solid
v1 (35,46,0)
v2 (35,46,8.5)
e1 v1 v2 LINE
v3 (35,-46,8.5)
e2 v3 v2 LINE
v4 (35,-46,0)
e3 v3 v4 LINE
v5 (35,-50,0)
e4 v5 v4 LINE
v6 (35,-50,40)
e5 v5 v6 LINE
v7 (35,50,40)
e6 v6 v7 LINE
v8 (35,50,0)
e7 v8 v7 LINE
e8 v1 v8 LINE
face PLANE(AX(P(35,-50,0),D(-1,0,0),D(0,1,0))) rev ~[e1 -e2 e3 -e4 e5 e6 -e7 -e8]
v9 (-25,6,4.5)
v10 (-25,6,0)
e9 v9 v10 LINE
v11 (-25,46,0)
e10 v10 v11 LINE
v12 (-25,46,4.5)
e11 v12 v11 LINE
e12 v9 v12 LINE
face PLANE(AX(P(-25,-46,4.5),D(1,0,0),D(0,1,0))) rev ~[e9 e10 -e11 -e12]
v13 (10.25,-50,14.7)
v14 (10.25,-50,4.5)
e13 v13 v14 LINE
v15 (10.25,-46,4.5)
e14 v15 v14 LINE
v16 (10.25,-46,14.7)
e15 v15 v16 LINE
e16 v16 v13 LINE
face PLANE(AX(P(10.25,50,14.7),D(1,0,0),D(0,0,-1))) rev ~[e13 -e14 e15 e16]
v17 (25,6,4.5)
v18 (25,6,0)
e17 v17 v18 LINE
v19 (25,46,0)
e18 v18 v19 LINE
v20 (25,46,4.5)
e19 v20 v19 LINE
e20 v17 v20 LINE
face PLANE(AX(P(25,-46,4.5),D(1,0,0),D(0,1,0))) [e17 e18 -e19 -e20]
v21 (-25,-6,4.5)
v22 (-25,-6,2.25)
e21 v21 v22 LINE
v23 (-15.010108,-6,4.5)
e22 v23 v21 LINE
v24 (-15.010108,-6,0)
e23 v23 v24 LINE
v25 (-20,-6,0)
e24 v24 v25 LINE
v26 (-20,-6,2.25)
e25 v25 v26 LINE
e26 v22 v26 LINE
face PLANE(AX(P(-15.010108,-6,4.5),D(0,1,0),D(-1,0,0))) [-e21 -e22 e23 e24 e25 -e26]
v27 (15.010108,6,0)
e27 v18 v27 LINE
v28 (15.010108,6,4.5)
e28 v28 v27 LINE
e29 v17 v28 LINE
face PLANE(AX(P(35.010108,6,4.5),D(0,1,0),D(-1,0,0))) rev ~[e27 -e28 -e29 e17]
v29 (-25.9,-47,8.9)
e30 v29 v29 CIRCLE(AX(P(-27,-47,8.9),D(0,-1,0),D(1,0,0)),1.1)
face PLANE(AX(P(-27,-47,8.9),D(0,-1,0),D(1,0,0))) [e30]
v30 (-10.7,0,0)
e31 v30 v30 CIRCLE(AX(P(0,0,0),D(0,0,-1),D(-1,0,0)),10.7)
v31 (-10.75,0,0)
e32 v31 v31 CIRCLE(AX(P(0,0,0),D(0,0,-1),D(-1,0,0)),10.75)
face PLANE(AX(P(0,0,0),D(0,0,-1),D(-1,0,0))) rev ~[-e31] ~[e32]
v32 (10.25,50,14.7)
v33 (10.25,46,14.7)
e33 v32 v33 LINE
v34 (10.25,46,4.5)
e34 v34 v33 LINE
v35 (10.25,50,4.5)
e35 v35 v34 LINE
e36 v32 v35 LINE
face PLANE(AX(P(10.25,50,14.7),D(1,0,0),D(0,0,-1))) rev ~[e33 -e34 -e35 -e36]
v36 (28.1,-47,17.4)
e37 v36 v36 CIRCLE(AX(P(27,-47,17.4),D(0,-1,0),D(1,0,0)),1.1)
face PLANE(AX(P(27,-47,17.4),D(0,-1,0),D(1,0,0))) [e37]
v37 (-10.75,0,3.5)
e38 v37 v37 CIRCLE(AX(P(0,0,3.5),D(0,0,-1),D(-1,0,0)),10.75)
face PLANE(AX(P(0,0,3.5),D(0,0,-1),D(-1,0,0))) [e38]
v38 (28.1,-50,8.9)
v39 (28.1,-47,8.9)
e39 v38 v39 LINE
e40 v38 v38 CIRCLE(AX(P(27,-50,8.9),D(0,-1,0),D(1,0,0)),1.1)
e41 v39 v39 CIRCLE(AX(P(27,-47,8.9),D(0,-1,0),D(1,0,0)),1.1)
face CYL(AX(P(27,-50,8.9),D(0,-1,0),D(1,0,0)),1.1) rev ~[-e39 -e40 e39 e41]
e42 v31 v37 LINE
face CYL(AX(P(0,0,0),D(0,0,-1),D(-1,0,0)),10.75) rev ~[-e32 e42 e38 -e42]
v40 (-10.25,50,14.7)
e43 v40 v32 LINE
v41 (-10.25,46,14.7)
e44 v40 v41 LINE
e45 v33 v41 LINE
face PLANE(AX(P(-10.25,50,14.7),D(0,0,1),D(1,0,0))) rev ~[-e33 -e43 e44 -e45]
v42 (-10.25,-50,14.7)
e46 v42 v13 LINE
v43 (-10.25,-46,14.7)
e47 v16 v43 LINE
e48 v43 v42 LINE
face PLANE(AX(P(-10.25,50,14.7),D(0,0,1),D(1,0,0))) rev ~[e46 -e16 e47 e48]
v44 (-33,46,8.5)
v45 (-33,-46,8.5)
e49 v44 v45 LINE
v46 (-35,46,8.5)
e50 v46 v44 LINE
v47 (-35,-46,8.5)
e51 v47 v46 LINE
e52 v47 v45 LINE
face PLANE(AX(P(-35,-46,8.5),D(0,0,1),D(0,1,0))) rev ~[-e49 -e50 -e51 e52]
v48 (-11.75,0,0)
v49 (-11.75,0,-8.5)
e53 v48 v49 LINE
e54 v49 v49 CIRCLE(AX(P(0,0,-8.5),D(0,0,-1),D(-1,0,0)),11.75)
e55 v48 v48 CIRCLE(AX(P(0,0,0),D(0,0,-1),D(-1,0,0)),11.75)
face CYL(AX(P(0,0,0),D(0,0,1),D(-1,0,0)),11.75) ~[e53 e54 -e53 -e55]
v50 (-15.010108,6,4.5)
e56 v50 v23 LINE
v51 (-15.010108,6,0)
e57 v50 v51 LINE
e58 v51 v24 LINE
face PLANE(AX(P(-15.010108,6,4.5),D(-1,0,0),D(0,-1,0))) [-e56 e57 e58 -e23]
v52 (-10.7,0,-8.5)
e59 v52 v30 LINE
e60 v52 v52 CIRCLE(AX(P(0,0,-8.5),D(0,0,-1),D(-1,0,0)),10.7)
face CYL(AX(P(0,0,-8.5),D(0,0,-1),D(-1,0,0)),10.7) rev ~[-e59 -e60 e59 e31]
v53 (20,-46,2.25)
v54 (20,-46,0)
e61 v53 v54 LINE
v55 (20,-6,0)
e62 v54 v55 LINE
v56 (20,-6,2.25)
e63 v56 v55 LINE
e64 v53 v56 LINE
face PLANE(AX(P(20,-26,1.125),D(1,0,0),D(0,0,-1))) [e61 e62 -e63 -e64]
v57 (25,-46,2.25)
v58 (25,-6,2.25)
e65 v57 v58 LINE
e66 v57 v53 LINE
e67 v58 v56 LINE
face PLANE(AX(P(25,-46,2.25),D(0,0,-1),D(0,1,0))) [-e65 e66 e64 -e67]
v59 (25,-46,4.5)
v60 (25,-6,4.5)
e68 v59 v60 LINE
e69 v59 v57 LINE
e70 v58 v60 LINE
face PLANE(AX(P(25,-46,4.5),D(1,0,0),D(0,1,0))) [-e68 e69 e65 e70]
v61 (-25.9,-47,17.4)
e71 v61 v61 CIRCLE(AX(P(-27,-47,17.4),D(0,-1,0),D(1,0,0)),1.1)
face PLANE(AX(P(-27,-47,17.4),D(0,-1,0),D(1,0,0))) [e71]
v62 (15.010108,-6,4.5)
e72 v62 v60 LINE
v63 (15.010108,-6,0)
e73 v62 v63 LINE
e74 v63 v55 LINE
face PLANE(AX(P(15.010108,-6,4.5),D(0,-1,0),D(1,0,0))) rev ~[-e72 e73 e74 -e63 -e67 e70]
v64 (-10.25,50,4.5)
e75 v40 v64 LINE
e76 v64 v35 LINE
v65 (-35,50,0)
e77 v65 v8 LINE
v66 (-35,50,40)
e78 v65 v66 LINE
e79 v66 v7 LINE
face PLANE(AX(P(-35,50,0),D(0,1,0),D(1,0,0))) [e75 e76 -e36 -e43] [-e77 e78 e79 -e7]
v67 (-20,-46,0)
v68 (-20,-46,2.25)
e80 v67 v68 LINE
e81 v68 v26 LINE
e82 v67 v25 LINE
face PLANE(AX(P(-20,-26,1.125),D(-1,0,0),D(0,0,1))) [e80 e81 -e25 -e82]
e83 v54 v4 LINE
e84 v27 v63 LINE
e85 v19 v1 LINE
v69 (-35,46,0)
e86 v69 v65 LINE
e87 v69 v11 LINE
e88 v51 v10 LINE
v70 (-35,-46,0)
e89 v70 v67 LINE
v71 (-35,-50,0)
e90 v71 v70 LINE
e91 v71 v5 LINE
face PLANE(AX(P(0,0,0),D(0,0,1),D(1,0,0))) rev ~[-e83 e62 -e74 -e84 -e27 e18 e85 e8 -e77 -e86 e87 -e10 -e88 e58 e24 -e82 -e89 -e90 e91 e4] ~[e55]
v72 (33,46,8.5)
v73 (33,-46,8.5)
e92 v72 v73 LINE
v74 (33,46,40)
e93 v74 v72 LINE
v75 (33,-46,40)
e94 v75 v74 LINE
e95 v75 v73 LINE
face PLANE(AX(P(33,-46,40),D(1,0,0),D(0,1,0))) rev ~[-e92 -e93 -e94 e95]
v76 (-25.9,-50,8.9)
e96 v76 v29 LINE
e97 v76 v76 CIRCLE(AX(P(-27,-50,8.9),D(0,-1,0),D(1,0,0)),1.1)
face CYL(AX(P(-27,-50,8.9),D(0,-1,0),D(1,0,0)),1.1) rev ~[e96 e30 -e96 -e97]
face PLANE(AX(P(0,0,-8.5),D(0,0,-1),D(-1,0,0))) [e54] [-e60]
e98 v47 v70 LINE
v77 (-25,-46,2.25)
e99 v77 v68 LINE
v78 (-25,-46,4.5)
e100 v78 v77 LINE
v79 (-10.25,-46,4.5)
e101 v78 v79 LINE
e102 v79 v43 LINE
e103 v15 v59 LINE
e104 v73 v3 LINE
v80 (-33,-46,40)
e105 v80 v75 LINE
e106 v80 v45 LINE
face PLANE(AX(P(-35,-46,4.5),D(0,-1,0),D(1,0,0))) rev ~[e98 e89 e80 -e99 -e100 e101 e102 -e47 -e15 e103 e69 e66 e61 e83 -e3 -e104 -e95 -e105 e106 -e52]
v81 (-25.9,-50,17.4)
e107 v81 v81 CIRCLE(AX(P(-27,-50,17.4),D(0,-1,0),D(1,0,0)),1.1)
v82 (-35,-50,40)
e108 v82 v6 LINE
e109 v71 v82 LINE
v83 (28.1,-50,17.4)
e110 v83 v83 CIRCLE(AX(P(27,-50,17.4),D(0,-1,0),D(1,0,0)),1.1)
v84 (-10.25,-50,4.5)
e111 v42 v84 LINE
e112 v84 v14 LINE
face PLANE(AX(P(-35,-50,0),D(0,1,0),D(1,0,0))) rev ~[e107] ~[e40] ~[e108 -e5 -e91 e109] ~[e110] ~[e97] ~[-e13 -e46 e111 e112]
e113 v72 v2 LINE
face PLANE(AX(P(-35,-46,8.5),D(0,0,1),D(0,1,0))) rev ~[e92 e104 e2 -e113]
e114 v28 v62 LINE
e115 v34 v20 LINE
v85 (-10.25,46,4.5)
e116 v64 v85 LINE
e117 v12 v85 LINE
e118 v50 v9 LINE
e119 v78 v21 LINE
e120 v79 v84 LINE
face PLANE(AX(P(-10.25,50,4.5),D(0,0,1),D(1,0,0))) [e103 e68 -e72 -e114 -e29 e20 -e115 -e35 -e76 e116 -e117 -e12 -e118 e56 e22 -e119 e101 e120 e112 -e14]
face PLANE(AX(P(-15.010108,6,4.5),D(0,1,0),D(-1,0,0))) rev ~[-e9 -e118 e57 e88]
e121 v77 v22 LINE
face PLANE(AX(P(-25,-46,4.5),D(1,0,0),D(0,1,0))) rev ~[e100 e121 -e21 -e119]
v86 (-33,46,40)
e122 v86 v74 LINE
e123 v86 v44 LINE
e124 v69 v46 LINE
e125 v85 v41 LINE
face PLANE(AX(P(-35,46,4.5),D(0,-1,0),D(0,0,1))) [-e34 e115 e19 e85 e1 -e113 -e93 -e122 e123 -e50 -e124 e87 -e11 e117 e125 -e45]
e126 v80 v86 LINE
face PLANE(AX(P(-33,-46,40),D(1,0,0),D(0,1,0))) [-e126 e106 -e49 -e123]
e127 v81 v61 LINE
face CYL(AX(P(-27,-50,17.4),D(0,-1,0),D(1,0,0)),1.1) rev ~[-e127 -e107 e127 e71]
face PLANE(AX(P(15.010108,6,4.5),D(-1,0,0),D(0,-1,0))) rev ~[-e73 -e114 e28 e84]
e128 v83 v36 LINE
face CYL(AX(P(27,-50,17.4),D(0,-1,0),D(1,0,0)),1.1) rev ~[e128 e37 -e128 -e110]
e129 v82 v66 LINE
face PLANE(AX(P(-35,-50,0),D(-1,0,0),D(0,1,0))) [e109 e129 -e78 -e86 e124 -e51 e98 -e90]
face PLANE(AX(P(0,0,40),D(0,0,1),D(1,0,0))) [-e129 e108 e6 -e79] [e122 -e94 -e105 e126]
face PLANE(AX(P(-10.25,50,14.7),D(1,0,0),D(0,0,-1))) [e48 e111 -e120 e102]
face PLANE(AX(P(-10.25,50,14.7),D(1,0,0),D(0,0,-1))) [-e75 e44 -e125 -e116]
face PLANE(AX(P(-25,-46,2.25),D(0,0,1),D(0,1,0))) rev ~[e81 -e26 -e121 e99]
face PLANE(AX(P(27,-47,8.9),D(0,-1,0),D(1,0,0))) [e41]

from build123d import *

# Parameters (mm, degrees)
SKETCH1_W           = 70
SKETCH1_H           = 100
BOSS_EXTRUDE1_DEPTH = 40
SKETCH2_W           = 66
SKETCH2_H           = 92
CUT_EXTRUDE1_DEPTH  = 33
SKETCH3_W           = 4
SKETCH3_H           = 92
CUT_EXTRUDE2_DEPTH  = 71
SKETCH4_R           = 10.75
CUT_EXTRUDE3_DEPTH  = 3.5
CUT_EXTRUDE4_DEPTH  = 5.5
SKETCH6_R           = 1.1
CUT_EXTRUDE5_DEPTH  = 3
SKETCH11_W          = 10
SKETCH11_H          = 92
CUT_EXTRUDE9_DEPTH  = 10
SKETCH12_W          = 2.25
SKETCH12_H          = 40
CUT_EXTRUDE10_DEPTH = 5
SKETCH13_W          = 2.25
SKETCH13_H          = 40
CUT_EXTRUDE11_DEPTH = 5
SKETCH16_R          = 11.75
BOSS_EXTRUDE3_DEPTH = 8.5
SKETCH17_R          = 10.7
CUT_EXTRUDE13_DEPTH = 10
SKETCH19_W          = 20.5
SKETCH19_H          = 10.2
CUT_EXTRUDE14_DEPTH = 101


with BuildPart() as part:
    # Sketch1 → Boss-Extrude1 (new body)
    with BuildSketch(Plane.XY):
        Rectangle(SKETCH1_W, SKETCH1_H)
    extrude(amount=BOSS_EXTRUDE1_DEPTH)

    # Sketch2 → Cut-Extrude1 (cut)
    with BuildSketch(Plane.XY.offset(40)):
        Rectangle(SKETCH2_W, SKETCH2_H)
    extrude(amount=-CUT_EXTRUDE1_DEPTH, mode=Mode.SUBTRACT)

    # Sketch3 → Cut-Extrude2 (cut, through all)
    with BuildSketch(Plane.ZY.offset(35)):
        with Locations((6.5, 0)):
            Rectangle(SKETCH3_W, SKETCH3_H)
    extrude(amount=-CUT_EXTRUDE2_DEPTH, mode=Mode.SUBTRACT)

    # Sketch4 → Cut-Extrude3 (cut)
    with BuildSketch(Plane(origin=(0, 0, 0), x_dir=(-1, 0, 0), z_dir=(0, 0, -1))):
        Circle(SKETCH4_R)
    extrude(amount=-CUT_EXTRUDE3_DEPTH, mode=Mode.SUBTRACT)

    # Sketch5 → Cut-Extrude4 (cut, through all)
    with BuildSketch(Plane.XY.offset(4.5)):
        Polygon((-15.010107583, -6), (-35.010107583, -6), (-35.010107583, 6), (-28.010107583, 6), (-22.010107583, 6), (-15.010107583, 6), align=None)
        Polygon((15.010107583, -6), (35.010107583, -6), (35.010107583, 6), (28.010107583, 6), (22.010107583, 6), (15.010107583, 6), align=None)
    extrude(amount=-CUT_EXTRUDE4_DEPTH, mode=Mode.SUBTRACT)

    # Sketch6 → Cut-Extrude5 (cut)
    with BuildSketch(Plane.XZ.offset(50)):
        with Locations((27, 8.9)):
            Circle(SKETCH6_R)
        with Locations((27, 17.4)):
            Circle(SKETCH6_R)
        with Locations((-27, 8.9)):
            Circle(SKETCH6_R)
        with Locations((-27, 17.4)):
            Circle(SKETCH6_R)
    extrude(amount=-CUT_EXTRUDE5_DEPTH, mode=Mode.SUBTRACT)

    # Sketch11 → Cut-Extrude9 (cut)
    with BuildSketch(Plane.XY.offset(4.5)):
        with Locations((-30, 0)):
            Rectangle(SKETCH11_W, SKETCH11_H)
        with Locations((30, 0)):
            Rectangle(SKETCH11_W, SKETCH11_H)
    extrude(amount=-CUT_EXTRUDE9_DEPTH, mode=Mode.SUBTRACT)

    # Sketch12 → Cut-Extrude10 (cut)
    with BuildSketch(Plane(origin=(25, 0, 0), x_dir=(0, 0, -1), z_dir=(1, 0, 0))):
        with Locations((-1.125, -26)):
            Rectangle(SKETCH12_W, SKETCH12_H)
    extrude(amount=-CUT_EXTRUDE10_DEPTH, mode=Mode.SUBTRACT)

    # Sketch13 → Cut-Extrude11 (cut)
    with BuildSketch(Plane.ZY.offset(25)):
        with Locations((1.125, -26)):
            Rectangle(SKETCH13_W, SKETCH13_H)
    extrude(amount=-CUT_EXTRUDE11_DEPTH, mode=Mode.SUBTRACT)

    # Sketch16 → Boss-Extrude3 (add)
    with BuildSketch(Plane(origin=(0, 0, 0), x_dir=(-1, 0, 0), z_dir=(0, 0, -1))):
        Circle(SKETCH16_R)
    extrude(amount=BOSS_EXTRUDE3_DEPTH)

    # Sketch17 → Cut-Extrude13 (cut)
    with BuildSketch(Plane(origin=(0, 0, -8.5), x_dir=(-1, 0, 0), z_dir=(0, 0, -1))):
        Circle(SKETCH17_R)
    extrude(amount=-CUT_EXTRUDE13_DEPTH, mode=Mode.SUBTRACT)

    # Sketch19 → Cut-Extrude14 (cut, through all)
    with BuildSketch(Plane(origin=(0, 50, 0), x_dir=(1, 0, 0), z_dir=(0, 1, 0))):
        with Locations((0, -9.6)):
            Rectangle(SKETCH19_W, SKETCH19_H)
    extrude(amount=-CUT_EXTRUDE14_DEPTH, mode=Mode.SUBTRACT)


solid = part.part
